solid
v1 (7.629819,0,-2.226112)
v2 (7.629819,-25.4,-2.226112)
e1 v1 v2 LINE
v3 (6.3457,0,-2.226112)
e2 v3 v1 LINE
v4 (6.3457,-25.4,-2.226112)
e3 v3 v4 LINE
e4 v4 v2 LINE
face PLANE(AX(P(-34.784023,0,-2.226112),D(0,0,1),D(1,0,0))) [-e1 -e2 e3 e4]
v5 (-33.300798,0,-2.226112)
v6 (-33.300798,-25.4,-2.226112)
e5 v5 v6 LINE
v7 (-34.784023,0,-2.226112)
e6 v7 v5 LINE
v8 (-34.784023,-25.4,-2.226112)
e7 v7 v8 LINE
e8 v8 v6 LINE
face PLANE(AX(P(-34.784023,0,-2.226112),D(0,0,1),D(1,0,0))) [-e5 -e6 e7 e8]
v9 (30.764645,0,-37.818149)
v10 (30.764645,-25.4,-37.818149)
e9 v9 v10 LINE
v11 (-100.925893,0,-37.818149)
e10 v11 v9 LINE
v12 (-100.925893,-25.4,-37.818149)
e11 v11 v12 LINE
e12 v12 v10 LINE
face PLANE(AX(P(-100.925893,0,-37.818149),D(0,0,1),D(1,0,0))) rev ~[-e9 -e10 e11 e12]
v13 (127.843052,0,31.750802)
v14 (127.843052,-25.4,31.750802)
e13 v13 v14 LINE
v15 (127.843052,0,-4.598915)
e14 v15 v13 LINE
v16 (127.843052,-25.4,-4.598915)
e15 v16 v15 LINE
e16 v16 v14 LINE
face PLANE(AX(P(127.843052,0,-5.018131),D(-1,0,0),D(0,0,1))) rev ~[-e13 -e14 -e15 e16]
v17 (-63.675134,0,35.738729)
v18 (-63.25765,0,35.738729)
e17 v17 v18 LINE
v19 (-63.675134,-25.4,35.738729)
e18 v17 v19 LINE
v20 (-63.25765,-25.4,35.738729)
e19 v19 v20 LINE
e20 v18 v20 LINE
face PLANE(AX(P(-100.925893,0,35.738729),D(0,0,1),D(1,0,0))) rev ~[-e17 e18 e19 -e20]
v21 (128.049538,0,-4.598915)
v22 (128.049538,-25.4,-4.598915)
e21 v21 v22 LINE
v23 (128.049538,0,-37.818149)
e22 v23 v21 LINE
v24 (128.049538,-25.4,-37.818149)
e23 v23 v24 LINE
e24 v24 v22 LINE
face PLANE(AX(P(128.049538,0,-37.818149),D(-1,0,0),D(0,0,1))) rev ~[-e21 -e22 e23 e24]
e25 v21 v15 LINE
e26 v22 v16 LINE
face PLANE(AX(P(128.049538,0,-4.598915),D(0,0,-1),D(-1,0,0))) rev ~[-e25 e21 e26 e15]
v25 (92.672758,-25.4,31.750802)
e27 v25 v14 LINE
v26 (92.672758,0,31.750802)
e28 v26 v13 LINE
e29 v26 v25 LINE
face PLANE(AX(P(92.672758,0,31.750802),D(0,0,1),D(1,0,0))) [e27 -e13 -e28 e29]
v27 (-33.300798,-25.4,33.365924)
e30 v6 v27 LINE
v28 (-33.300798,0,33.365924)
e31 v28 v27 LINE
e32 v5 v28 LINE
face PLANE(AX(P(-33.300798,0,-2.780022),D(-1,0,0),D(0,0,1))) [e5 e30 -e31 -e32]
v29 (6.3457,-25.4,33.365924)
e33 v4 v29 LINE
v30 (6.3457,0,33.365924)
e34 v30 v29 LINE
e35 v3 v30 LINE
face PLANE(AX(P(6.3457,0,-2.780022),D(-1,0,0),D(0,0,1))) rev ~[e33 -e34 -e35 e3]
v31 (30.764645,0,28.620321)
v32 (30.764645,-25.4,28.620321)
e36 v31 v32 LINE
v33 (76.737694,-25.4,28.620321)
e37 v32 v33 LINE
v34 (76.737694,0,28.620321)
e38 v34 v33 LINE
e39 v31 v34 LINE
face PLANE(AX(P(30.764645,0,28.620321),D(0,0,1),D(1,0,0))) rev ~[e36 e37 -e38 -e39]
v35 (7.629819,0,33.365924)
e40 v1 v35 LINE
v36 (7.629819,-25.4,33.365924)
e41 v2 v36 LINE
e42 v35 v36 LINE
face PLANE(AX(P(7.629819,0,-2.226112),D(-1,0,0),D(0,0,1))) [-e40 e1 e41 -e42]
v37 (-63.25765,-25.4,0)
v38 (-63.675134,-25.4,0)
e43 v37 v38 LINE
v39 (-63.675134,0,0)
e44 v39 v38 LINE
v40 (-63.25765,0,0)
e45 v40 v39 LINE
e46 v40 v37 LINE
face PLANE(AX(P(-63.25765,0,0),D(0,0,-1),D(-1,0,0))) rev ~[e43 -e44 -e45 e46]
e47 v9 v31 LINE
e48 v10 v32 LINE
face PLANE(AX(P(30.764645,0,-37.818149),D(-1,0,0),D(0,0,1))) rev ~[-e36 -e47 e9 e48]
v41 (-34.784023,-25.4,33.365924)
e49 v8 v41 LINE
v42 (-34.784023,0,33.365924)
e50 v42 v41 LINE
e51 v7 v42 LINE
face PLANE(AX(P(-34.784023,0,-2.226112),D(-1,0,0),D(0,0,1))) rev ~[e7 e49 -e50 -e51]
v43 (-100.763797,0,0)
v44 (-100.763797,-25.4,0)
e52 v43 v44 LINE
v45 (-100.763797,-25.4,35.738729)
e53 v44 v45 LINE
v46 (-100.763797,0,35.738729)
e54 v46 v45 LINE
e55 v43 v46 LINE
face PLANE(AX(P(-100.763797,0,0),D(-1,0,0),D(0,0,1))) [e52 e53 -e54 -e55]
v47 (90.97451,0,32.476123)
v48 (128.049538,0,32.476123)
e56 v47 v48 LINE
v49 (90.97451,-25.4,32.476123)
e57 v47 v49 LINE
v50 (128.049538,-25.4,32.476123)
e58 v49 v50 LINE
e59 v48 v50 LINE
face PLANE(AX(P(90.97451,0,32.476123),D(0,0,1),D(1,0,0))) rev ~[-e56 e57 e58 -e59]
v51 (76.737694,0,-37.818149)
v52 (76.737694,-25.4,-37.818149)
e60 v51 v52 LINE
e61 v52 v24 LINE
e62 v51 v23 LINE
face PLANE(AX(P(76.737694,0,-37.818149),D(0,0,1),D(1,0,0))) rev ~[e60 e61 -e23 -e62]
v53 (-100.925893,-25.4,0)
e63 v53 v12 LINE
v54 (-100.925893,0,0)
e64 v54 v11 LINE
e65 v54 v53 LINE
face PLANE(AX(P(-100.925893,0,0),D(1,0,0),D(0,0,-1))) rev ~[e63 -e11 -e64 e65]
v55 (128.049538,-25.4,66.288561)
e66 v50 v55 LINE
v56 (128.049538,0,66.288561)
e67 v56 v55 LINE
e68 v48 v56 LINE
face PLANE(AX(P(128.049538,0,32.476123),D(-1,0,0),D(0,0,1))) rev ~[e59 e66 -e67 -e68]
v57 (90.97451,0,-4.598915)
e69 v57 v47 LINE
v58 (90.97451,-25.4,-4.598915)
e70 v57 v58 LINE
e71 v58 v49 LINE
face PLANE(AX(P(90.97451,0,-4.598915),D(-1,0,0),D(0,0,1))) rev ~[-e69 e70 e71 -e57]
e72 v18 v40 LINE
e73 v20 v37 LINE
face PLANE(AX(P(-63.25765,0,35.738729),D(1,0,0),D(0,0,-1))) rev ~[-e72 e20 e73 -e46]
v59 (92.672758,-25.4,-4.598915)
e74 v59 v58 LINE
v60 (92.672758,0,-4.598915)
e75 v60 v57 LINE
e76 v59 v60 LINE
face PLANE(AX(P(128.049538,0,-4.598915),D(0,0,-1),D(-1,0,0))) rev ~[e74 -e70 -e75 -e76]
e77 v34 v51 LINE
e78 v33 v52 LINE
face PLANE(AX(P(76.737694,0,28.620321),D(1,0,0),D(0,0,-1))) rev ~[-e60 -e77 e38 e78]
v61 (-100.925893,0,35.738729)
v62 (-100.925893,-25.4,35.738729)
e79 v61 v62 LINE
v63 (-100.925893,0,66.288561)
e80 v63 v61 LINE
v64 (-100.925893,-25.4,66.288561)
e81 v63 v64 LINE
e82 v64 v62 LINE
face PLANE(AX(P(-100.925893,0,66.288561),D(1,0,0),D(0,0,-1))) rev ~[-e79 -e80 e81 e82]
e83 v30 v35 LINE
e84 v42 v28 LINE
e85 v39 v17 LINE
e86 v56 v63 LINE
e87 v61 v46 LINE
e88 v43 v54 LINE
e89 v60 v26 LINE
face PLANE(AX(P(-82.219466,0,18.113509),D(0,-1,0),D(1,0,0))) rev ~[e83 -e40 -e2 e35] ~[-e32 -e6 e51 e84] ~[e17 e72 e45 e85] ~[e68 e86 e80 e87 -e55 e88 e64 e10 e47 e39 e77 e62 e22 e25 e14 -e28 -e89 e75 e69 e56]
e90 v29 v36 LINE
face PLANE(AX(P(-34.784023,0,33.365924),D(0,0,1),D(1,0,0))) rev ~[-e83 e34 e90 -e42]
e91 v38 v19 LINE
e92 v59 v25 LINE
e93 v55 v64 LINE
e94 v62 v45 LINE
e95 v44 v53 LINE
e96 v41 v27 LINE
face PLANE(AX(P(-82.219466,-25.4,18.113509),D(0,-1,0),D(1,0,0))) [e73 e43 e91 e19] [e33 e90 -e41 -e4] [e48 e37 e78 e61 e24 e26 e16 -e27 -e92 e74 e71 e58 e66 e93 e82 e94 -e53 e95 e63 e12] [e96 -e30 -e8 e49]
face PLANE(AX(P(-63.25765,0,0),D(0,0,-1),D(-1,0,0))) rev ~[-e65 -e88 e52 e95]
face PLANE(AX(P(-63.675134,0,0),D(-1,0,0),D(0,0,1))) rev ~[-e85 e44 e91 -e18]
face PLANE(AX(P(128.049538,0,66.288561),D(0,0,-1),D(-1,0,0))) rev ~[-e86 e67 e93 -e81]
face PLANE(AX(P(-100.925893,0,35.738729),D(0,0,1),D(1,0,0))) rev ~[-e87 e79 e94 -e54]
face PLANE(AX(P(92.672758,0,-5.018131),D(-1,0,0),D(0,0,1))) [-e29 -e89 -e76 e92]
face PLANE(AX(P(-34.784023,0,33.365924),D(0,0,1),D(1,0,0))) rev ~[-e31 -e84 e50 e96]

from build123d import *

# Parameters (mm, degrees)
F0_W     = 42.413842
F0_H     = 35.592036
F1_DEPTH = 25.4
F2_W     = 37.088663
F2_H     = 36.227018
F2_W_2   = 39.646498
F2_H_2   = 36.449199
F2_W_3   = 35.170294
F2_H_3   = 36.768933
F3_DEPTH = 25.4


with BuildPart() as f1:
    # F0 (on Front) → F1 (new body)
    with BuildSketch(Plane.XZ):
        Polygon((-100.925893, 0), (-100.925893, -37.818149), (30.764645, -37.818149), (30.764645, 28.620321), (76.737694, 28.620321), (76.737694, -37.818149), (128.049538, -37.818149), (128.049538, -4.598915), (90.97451, -4.598915), (90.97451, 32.476123), (128.049538, 32.476123), (128.049538, 66.288561), (-100.925893, 66.288561), (-100.925893, 35.738729), (-63.25765, 35.738729), (-63.25765, 0), align=None)
        with Locations((-13.577102, 15.569906)):
            Rectangle(F0_W, F0_H, mode=Mode.SUBTRACT)
    extrude(amount=F1_DEPTH)

    # F2 (on Front) → F3 (join)
    with BuildSketch(Plane.XZ):
        with Locations((-82.219466, 18.113509)):
            Rectangle(F2_W, F2_H)
        with Locations((-13.477549, 15.444577)):
            Rectangle(F2_W_2, F2_H_2)
        with Locations((110.257905, 13.366335)):
            Rectangle(F2_W_3, F2_H_3)
    extrude(amount=F3_DEPTH)


solid = f1.part
